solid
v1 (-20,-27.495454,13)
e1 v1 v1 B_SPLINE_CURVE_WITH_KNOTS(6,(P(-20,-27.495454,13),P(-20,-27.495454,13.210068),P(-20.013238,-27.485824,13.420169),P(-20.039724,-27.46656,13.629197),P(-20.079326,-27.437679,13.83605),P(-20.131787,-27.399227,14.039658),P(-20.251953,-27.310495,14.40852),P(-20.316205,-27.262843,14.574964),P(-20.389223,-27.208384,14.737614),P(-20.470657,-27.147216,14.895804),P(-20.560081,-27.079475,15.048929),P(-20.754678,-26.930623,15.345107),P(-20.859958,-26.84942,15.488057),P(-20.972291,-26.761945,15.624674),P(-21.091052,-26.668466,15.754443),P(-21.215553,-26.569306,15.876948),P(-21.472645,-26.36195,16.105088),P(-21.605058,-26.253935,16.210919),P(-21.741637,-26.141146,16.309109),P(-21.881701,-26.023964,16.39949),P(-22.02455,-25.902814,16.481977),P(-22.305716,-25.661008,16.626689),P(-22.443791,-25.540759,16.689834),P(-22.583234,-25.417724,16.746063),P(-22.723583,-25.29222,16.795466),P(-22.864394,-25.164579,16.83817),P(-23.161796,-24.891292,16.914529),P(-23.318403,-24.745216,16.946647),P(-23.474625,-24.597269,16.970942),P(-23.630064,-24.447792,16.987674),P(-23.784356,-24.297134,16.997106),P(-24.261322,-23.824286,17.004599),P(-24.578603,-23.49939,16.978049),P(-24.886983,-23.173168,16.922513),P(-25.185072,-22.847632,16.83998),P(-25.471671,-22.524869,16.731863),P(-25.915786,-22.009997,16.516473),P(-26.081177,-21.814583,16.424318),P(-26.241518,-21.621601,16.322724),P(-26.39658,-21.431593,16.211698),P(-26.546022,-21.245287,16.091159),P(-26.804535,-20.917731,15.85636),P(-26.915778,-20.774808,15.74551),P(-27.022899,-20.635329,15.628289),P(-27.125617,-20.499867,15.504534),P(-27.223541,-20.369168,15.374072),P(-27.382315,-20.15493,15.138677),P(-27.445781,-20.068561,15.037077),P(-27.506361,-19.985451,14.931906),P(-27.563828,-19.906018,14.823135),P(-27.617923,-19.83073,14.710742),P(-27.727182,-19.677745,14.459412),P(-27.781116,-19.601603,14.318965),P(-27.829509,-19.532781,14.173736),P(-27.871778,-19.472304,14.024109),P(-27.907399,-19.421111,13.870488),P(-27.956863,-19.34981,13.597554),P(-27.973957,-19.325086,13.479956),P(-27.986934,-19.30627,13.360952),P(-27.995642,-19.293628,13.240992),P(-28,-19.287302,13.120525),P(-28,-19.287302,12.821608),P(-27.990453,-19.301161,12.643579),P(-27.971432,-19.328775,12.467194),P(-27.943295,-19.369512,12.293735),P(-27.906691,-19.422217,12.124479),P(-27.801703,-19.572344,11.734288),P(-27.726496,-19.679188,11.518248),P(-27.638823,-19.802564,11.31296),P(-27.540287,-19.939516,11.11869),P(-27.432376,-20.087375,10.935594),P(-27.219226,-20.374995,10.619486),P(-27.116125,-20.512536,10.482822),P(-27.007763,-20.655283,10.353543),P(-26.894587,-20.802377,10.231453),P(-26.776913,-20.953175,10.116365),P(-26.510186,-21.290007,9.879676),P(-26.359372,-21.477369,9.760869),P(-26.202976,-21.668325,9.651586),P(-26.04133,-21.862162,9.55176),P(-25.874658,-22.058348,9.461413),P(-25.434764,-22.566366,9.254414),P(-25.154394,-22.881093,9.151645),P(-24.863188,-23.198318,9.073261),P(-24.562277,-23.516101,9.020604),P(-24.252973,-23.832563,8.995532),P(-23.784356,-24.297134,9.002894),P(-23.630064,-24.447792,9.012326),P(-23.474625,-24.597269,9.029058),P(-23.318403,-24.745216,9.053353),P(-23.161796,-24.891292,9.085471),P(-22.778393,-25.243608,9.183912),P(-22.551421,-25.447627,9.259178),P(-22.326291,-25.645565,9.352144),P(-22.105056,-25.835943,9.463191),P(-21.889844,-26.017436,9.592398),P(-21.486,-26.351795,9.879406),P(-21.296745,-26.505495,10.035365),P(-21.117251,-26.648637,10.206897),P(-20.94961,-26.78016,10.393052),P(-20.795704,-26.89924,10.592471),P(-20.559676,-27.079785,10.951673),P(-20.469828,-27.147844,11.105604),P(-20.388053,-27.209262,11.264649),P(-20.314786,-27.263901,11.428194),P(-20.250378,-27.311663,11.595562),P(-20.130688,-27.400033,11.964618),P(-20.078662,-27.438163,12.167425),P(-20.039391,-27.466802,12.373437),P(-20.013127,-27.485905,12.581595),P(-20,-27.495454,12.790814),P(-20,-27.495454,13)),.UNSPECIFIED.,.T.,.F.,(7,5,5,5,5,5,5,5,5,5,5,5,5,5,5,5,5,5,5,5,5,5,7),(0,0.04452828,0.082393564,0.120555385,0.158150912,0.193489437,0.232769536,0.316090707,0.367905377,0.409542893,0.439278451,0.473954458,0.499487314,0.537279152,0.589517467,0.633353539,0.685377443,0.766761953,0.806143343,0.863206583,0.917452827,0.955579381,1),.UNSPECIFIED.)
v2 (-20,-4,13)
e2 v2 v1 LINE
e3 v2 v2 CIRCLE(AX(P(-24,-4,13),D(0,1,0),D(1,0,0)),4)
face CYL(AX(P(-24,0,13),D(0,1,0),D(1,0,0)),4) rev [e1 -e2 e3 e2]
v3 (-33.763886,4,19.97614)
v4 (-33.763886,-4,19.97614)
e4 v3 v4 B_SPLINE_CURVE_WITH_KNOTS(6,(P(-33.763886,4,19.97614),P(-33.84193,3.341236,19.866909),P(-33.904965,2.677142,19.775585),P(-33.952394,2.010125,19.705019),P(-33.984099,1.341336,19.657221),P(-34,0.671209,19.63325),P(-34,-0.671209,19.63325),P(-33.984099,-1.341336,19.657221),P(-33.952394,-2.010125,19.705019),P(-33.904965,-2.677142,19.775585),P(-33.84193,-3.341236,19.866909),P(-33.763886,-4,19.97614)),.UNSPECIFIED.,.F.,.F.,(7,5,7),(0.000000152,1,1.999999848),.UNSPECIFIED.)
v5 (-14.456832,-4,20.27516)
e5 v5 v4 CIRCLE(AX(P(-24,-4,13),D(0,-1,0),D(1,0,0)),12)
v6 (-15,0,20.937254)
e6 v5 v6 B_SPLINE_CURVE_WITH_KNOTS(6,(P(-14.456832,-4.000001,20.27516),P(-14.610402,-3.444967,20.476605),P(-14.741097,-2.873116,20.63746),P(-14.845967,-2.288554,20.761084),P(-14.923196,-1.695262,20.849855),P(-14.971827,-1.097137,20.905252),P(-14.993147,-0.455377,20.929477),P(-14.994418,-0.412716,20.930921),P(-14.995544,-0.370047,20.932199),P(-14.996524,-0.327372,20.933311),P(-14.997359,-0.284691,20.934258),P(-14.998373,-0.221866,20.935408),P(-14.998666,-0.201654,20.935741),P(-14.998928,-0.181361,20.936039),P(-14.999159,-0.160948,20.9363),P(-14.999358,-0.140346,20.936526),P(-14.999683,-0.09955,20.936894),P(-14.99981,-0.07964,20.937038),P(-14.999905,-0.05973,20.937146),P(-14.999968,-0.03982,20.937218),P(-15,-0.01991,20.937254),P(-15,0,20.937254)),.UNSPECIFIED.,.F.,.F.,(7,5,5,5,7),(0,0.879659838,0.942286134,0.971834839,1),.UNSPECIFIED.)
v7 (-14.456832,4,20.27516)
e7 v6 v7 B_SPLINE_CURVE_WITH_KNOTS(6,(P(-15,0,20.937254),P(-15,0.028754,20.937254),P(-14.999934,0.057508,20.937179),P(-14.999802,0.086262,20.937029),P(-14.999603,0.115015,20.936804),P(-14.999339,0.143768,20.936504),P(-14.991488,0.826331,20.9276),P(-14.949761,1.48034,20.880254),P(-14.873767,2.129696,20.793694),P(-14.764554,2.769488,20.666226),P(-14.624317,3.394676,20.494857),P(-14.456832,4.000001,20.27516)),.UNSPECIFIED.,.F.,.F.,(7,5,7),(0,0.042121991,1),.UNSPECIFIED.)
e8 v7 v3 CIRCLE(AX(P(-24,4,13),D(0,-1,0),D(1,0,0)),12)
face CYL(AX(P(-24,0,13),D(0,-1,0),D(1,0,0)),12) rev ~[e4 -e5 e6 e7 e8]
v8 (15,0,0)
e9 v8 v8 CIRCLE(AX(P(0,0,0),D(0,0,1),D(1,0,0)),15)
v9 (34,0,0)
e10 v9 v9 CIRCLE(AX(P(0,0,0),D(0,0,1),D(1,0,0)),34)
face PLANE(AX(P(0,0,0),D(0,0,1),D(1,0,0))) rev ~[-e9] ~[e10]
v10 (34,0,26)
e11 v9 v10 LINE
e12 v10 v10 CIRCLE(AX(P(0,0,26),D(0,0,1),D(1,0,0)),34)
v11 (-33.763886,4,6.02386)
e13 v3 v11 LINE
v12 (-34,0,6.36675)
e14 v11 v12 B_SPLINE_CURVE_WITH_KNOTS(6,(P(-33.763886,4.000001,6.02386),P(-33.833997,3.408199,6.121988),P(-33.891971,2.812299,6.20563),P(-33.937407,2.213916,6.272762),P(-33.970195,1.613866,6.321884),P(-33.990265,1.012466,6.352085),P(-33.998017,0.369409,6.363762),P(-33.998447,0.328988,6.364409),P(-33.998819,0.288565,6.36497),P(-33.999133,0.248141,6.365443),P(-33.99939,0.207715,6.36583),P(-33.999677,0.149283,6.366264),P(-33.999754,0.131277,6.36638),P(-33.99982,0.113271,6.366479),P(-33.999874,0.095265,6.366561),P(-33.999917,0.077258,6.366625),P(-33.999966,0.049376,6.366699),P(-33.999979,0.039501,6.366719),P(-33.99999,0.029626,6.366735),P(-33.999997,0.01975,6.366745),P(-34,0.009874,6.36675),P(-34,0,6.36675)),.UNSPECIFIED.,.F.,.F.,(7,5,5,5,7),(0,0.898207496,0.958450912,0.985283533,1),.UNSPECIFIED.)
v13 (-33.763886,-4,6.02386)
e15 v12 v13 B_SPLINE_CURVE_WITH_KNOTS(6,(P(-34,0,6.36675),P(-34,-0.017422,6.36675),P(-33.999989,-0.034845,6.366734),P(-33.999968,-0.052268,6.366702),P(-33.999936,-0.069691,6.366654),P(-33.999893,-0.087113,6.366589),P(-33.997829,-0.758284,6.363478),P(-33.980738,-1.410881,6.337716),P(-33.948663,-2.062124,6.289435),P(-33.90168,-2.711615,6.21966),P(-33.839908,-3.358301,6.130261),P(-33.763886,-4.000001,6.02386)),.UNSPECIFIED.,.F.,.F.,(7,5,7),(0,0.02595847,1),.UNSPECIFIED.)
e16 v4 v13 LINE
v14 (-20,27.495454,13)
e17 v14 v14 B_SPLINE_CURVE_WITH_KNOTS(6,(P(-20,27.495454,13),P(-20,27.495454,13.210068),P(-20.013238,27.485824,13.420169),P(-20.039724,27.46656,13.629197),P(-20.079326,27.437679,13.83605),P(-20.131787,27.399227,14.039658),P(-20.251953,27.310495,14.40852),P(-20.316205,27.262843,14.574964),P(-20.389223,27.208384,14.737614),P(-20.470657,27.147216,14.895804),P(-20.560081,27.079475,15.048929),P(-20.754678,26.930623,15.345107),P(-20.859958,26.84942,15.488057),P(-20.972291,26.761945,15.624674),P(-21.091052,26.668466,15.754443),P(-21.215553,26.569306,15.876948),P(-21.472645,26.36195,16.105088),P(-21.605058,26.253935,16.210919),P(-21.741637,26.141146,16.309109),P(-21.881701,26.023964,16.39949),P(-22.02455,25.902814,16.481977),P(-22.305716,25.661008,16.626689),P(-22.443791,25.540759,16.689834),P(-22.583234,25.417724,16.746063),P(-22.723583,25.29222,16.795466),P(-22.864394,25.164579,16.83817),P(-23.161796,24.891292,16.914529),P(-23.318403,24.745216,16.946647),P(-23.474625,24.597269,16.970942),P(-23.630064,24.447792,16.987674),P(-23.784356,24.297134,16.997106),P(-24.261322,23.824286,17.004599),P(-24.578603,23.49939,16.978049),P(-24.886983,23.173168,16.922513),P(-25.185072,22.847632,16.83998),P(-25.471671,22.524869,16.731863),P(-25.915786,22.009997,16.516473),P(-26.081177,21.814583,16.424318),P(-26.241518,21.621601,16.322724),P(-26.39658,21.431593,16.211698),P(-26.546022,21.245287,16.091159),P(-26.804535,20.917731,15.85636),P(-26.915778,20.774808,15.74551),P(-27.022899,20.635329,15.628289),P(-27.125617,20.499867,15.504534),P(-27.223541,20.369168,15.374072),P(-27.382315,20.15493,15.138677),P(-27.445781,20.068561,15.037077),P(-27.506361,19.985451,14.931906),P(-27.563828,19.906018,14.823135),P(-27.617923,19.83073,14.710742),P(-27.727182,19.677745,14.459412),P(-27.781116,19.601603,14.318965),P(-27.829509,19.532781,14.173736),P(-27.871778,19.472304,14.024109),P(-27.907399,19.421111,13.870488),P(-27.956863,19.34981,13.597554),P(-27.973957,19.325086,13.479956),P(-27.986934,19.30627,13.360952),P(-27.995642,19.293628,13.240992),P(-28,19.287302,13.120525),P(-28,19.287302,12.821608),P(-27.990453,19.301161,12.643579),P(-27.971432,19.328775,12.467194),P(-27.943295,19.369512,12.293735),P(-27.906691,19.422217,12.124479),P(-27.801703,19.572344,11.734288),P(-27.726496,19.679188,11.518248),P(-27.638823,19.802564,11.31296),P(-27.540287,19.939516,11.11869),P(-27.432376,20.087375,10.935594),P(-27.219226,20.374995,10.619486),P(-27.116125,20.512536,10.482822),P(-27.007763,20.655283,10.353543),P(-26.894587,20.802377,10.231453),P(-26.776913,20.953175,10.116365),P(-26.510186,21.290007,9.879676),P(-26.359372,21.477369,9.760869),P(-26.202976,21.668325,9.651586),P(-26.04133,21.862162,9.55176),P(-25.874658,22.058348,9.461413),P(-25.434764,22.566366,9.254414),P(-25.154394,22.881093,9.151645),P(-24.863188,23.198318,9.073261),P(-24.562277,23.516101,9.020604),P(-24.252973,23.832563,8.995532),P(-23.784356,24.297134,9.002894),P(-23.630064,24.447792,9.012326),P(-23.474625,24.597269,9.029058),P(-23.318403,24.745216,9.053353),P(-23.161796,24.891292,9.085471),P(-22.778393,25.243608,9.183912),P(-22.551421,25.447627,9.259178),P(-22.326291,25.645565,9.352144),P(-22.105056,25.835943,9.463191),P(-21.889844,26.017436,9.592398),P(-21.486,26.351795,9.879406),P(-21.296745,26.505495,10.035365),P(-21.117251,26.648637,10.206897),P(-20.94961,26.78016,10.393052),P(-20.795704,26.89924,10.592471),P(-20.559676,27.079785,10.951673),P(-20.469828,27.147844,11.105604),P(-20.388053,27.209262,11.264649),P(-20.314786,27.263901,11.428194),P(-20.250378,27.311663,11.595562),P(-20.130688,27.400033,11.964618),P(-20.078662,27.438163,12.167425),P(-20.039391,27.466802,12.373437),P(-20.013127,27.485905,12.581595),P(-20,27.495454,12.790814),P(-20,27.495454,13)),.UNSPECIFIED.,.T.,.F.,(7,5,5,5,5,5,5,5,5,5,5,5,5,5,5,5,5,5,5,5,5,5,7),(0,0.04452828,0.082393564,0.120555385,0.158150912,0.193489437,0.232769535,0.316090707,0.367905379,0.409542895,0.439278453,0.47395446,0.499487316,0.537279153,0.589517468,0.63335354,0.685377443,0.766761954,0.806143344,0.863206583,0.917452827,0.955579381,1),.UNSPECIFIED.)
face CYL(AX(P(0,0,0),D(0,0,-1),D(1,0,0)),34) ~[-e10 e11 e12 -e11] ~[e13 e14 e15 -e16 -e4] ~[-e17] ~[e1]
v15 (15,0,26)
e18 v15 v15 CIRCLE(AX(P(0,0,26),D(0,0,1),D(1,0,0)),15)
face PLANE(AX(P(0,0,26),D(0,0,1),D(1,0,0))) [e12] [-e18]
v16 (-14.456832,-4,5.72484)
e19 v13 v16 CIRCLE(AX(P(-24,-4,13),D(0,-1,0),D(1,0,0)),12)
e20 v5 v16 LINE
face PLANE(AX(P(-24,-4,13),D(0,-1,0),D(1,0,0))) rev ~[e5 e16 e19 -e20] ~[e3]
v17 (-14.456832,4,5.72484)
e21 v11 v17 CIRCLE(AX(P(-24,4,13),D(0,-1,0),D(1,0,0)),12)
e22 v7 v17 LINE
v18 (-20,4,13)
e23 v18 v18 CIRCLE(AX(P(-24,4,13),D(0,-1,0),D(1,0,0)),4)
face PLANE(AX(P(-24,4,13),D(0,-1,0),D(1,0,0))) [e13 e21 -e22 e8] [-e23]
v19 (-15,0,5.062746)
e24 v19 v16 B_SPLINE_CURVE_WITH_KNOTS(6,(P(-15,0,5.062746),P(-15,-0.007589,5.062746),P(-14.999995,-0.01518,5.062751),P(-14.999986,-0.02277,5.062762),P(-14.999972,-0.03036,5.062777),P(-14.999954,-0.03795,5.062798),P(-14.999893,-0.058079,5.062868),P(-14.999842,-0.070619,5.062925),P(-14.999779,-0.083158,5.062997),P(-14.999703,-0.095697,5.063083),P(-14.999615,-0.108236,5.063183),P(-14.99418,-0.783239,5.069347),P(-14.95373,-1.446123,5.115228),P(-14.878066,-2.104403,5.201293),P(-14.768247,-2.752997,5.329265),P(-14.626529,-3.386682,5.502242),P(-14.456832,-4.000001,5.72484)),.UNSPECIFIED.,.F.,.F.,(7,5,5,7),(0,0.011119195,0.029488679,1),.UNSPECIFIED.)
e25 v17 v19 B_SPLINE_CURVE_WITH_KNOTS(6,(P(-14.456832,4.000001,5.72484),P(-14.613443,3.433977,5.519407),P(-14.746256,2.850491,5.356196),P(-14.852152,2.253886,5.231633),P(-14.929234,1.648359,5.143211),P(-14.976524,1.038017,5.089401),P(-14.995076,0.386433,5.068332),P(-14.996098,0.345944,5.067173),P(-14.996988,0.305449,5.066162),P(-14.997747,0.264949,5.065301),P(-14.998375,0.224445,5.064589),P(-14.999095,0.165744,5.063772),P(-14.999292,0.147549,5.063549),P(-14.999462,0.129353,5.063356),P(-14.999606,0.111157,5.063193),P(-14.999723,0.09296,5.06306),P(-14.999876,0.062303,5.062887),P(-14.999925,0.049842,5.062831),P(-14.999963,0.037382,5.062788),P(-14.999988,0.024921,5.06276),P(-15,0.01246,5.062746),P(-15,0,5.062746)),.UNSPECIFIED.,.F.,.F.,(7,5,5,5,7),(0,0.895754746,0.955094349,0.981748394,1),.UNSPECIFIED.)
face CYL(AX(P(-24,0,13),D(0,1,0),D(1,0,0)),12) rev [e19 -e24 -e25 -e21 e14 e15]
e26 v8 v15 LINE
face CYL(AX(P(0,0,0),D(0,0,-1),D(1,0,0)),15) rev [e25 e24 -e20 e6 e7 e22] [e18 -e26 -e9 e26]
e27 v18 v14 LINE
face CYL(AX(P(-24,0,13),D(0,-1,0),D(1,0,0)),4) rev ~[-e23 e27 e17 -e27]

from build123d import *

# Parameters (mm, degrees)
F0_R          = 34
F0_R_2        = 15
F1_DEPTH      = 26
F2_R          = 12
F3_DEPTH      = 4
F3_DEPTH_BACK = 4
F4_R          = 4
F5_DEPTH      = 34.0010001
F5_DEPTH_BACK = 34.0010001


with BuildPart() as f1:
    # F0 (on Top) → F1 (new body)
    with BuildSketch(Plane.XY):
        Circle(F0_R)
        Circle(F0_R_2, mode=Mode.SUBTRACT)
    extrude(amount=F1_DEPTH)

    # F2 (on Front) → F3 (cut, two sides)
    with BuildSketch(Plane.XZ) as f3_sk:
        with Locations((-24, 13)):
            Circle(F2_R)
    extrude(amount=-F3_DEPTH, mode=Mode.SUBTRACT)
    extrude(f3_sk.sketch, amount=F3_DEPTH_BACK, mode=Mode.SUBTRACT)

    # F4 (on Front) → F5 (cut, two sides)
    with BuildSketch(Plane.XZ) as f5_sk:
        with Locations((-24, 13)):
            Circle(F4_R)
    extrude(amount=F5_DEPTH, mode=Mode.SUBTRACT)
    extrude(f5_sk.sketch, amount=-F5_DEPTH_BACK, mode=Mode.SUBTRACT)


solid = f1.part
